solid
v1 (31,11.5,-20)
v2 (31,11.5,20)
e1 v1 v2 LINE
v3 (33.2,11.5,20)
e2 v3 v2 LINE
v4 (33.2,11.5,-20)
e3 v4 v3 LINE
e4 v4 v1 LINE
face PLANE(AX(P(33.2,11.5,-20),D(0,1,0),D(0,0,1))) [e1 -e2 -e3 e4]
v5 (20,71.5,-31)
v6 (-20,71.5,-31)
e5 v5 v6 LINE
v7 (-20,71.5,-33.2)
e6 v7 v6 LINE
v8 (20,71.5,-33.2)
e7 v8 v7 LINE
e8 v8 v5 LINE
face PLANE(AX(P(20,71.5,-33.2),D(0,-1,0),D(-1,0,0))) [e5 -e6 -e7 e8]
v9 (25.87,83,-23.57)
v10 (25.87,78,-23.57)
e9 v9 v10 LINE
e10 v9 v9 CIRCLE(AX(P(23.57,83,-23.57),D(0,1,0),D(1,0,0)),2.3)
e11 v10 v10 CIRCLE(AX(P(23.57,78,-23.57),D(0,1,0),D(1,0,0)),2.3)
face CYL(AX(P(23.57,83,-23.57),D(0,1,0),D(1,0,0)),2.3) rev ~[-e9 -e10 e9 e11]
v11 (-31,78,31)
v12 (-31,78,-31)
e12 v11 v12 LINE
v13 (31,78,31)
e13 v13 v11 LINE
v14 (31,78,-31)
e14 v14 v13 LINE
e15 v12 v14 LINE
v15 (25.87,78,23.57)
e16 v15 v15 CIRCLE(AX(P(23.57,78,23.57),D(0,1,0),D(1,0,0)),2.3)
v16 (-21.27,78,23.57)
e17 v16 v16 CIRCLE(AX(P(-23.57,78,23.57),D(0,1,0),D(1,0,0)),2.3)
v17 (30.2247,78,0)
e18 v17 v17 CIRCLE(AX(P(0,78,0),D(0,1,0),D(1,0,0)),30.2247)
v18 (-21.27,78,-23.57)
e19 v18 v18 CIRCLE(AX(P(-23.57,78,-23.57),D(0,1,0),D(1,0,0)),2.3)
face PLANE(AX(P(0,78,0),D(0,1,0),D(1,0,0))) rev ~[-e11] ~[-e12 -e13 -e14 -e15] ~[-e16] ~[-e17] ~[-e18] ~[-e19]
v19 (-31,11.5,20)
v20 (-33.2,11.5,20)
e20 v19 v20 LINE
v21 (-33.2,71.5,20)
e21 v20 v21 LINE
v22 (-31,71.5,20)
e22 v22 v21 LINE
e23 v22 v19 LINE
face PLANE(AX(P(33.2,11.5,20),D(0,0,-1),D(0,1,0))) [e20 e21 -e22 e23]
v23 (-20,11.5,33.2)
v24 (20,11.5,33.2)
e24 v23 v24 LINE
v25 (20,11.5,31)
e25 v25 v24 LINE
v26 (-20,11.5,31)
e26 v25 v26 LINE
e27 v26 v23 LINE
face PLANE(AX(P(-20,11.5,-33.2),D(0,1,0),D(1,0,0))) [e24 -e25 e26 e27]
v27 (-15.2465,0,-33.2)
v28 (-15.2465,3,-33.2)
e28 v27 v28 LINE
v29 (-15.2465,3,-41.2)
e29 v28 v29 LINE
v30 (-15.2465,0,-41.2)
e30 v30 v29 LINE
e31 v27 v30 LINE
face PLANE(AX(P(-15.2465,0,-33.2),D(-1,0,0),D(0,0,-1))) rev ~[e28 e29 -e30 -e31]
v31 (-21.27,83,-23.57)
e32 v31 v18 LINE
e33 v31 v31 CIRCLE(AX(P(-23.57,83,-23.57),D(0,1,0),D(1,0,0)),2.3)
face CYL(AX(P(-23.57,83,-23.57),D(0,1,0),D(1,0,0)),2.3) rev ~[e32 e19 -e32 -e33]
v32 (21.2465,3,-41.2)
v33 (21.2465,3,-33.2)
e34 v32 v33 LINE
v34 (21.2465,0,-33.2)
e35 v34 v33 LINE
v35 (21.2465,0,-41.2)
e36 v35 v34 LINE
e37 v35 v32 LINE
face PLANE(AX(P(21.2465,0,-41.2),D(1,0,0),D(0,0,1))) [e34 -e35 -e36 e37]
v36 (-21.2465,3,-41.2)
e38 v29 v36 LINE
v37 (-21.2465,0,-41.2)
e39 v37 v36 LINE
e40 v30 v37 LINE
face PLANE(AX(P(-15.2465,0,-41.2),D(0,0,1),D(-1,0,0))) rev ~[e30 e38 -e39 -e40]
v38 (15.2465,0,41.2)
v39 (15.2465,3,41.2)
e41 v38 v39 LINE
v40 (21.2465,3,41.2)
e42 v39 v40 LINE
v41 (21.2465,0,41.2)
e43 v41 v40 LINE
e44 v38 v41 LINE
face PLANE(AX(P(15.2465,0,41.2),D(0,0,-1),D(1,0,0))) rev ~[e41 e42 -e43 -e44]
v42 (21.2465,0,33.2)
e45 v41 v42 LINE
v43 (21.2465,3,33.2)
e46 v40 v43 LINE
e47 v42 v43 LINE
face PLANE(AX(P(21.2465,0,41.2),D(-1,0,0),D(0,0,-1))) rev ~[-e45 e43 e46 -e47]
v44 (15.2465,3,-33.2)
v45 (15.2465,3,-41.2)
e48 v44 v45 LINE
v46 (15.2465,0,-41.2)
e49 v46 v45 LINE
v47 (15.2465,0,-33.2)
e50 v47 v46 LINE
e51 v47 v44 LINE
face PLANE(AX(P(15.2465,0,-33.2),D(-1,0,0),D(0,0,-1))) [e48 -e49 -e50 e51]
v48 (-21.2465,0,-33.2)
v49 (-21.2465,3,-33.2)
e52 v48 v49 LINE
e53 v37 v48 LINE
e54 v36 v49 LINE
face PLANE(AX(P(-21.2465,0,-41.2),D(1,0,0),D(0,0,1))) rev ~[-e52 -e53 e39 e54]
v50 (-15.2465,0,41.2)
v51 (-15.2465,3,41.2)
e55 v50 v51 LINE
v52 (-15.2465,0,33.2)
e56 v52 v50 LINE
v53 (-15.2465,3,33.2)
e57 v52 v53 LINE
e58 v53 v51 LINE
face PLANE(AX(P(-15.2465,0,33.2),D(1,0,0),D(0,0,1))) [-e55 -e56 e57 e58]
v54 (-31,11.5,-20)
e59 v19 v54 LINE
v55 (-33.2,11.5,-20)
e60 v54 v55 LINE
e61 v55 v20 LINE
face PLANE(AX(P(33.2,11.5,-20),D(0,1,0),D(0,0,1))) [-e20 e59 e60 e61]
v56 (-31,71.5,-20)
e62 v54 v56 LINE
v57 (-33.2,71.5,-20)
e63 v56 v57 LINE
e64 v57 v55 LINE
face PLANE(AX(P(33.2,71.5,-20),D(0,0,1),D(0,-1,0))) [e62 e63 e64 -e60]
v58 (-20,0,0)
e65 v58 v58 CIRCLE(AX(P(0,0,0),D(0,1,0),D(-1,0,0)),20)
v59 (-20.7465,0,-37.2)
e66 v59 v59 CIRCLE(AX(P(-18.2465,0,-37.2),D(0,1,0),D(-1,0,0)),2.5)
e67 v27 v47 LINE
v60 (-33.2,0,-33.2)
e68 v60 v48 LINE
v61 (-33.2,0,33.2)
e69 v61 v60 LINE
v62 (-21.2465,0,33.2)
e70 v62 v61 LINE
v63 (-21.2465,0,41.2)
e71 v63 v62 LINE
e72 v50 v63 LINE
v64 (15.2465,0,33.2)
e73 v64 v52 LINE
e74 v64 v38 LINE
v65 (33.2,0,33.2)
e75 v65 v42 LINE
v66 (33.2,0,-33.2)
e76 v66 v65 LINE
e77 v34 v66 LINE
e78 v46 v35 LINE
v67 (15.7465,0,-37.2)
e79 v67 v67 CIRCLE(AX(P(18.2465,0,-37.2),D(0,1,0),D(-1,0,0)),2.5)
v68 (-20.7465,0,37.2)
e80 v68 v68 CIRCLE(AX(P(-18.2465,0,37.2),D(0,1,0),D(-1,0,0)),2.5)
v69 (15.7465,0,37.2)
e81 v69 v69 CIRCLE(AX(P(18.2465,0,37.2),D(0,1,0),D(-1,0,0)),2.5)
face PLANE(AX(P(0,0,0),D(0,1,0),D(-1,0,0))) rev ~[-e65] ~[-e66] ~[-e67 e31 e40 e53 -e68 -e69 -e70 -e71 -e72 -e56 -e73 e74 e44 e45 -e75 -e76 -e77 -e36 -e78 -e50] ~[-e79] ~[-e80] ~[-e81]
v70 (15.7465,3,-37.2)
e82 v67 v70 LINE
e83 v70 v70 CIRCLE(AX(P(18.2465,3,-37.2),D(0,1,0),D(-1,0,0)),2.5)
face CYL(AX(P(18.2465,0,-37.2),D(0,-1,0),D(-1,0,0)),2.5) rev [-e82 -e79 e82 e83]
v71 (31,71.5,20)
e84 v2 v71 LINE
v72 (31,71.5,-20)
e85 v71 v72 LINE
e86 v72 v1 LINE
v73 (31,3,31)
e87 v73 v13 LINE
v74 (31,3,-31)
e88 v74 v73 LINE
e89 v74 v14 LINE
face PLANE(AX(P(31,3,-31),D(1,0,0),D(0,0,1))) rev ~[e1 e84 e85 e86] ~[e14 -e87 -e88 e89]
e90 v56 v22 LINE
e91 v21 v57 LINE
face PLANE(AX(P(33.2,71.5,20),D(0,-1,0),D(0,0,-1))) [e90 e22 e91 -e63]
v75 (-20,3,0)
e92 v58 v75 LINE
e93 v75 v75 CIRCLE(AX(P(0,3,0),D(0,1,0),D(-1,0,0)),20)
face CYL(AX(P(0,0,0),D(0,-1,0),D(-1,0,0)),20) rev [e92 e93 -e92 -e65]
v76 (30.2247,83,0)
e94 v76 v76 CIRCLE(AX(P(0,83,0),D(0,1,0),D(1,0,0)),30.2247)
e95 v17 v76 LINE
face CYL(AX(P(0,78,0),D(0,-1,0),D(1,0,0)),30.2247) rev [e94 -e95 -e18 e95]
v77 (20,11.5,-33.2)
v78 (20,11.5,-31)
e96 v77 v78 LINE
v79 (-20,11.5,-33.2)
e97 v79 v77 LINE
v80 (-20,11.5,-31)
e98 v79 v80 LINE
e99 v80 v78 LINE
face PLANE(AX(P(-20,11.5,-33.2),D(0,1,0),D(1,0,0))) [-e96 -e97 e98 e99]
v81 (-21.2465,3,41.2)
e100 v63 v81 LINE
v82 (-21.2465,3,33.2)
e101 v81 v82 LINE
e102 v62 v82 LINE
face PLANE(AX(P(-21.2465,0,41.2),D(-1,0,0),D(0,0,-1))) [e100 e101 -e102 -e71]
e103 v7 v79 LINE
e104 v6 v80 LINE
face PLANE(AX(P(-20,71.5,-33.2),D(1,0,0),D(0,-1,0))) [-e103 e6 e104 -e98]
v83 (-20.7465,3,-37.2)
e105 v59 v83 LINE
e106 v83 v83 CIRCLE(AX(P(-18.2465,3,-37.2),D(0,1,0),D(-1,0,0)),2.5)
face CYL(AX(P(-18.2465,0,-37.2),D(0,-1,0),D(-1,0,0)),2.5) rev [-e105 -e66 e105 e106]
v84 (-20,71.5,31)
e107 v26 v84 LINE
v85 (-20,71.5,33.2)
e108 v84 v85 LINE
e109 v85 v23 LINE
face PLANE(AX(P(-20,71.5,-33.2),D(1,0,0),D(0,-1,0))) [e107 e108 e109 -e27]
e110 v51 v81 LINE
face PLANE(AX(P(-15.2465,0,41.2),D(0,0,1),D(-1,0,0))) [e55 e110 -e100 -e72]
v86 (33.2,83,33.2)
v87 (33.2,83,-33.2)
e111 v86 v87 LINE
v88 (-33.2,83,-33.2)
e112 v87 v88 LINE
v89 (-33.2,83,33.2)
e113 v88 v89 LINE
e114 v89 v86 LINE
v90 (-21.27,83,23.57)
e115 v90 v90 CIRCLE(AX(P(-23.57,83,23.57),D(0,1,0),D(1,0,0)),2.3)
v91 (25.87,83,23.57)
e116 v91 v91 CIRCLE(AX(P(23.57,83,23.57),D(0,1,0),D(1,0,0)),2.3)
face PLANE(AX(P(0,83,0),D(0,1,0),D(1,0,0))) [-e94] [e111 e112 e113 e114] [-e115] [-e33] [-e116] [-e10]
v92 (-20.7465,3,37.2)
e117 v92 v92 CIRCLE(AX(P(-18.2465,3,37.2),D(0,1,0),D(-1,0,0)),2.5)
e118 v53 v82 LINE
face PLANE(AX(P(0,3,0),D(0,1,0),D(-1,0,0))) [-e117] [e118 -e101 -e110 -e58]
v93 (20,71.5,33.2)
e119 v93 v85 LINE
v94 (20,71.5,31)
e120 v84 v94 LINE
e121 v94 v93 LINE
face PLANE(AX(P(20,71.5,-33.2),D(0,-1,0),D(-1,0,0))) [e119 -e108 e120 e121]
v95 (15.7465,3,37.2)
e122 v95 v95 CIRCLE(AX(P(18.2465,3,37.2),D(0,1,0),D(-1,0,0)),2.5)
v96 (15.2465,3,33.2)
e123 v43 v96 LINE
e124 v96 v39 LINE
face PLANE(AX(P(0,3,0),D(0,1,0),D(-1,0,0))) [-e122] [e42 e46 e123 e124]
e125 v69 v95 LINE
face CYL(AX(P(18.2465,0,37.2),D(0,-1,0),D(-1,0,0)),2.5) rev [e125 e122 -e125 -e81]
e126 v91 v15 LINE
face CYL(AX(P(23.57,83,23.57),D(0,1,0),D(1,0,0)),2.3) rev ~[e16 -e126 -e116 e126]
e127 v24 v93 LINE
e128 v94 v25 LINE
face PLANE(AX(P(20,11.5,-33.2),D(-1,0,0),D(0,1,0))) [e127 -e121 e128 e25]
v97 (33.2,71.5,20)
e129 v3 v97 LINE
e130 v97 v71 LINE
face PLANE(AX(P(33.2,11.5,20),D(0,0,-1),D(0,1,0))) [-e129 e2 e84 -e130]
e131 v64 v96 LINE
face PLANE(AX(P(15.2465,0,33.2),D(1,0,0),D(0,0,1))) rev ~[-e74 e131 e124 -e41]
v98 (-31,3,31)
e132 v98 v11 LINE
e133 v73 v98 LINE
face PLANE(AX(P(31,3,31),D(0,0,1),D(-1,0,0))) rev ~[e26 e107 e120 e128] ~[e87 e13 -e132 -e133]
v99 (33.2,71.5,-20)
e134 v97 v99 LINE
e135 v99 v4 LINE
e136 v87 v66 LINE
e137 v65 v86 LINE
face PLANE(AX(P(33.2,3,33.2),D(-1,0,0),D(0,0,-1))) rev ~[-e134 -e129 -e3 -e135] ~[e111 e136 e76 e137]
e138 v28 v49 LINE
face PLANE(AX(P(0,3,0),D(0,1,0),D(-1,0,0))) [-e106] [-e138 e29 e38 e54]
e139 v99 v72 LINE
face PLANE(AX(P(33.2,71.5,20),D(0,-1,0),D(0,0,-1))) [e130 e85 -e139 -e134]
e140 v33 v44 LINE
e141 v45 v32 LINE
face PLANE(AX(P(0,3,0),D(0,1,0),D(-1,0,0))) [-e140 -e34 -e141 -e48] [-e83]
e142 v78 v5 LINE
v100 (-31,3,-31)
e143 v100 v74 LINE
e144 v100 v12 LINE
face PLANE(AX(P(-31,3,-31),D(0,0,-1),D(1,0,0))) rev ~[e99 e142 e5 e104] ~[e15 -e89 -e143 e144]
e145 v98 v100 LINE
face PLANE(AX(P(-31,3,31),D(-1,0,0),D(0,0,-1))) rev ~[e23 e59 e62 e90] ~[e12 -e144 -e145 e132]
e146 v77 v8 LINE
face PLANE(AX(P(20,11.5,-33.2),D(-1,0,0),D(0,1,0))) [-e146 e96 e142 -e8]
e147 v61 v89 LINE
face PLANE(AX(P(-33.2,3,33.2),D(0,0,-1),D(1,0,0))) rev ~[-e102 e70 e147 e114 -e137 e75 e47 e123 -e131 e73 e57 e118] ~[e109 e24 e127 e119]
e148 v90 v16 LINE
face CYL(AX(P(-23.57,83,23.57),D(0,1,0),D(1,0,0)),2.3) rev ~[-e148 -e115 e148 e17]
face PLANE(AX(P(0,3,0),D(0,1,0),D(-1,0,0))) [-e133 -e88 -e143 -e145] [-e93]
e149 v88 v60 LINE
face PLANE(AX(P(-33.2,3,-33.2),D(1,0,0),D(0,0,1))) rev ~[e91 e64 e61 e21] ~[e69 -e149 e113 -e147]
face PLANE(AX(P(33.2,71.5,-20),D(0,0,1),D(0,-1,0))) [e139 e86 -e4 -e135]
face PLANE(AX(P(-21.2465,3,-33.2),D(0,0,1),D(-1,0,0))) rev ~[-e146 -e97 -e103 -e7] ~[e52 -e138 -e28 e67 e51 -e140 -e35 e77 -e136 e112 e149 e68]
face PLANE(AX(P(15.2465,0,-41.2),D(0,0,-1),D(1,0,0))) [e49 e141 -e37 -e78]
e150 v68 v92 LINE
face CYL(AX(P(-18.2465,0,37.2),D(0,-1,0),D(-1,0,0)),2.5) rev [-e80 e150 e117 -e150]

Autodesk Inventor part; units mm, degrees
ref_plane "YZ Plane" through (0, 0, 0) normal (1, 0, 0) x (0, 1, 0)
ref_plane "XZ Plane" through (0, 0, 0) normal (0, 1, 0) x (-1, 0, 0)
ref_plane "XY Plane" through (0, 0, 0) normal (0, 0, 1) x (1, 0, 0)
sketch "Sketch1" plane through (0, 0, 0) normal (0, 1, 0) x (-1, 0, 0)
  line L0 (28.2, -28.2) -> (-28.2, -28.2)
  line L1 (-28.2, -28.2) -> (-28.2, 28.2)
  line L2 (-28.2, 28.2) -> (28.2, 28.2)
  line L3 (28.2, 28.2) -> (28.2, -28.2)
  line L4 (28.2, -28.2) -> (-28.2, 28.2) construction
  line L5 (-28.2, -28.2) -> (28.2, 28.2) construction
  line L6 (33.2, -33.2) -> (-33.2, -33.2)
  line L7 (-33.2, -33.2) -> (-33.2, 33.2)
  line L8 (-33.2, 33.2) -> (33.2, 33.2)
  line L9 (33.2, 33.2) -> (33.2, -33.2)
  line L10 (33.2, -33.2) -> (-33.2, 33.2) construction
  line L11 (-33.2, -33.2) -> (33.2, 33.2) construction
  circle A0 centre (0, 0) radius 20
  line L12 (-21.2465, -33.2) -> (-15.2465, -33.2)
  line L13 (-15.2465, -33.2) -> (-15.2465, -41.2)
  line L14 (-15.2465, -41.2) -> (-21.2465, -41.2)
  line L15 (-21.2465, -41.2) -> (-21.2465, -33.2)
  circle A1 centre (-18.2465, -37.2) radius 2.5
  line L16 (-33.2, 0) -> (33.2, 0) construction
  line L17 (0, -33.2) -> (0, 33.2) construction
  line L18 (-21.2465, 33.2) -> (-15.2465, 33.2)
  line L19 (-15.2465, 33.2) -> (-15.2465, 41.2)
  line L20 (-15.2465, 41.2) -> (-21.2465, 41.2)
  line L21 (-21.2465, 41.2) -> (-21.2465, 33.2)
  circle A2 centre (-18.2465, 37.2) radius 2.5
  line L22 (21.2465, -33.2) -> (15.2465, -33.2)
  line L23 (15.2465, -33.2) -> (15.2465, -41.2)
  line L24 (15.2465, -41.2) -> (21.2465, -41.2)
  line L25 (21.2465, -41.2) -> (21.2465, -33.2)
  circle A3 centre (18.2465, -37.2) radius 2.5
  circle A4 centre (18.2465, 37.2) radius 2.5
  line L26 (15.2465, 33.2) -> (15.2465, 41.2)
  line L27 (15.2465, 41.2) -> (21.2465, 41.2)
  line L28 (21.2465, 41.2) -> (21.2465, 33.2)
  line L29 (21.2465, 33.2) -> (15.2465, 33.2)
  dimension "d0" = 56.4
  dimension "d1" = 5
  dimension "d2" = 5
  dimension "d3" = 40
  dimension "d20" = 6
  dimension "d21" = 5
  dimension "d22" = 3
  dimension "d23" = 4
  dimension "d24" = 8
extrude "Extrusion1" add sketch "Sketch1" along normal blind 3 contours L0 L1 L2 L3 | L6 L7 L8 L9 | L25 L24 L23 L6 | L8 L26 L27 L28 | L13 L14 L15 L6 | L8 L21 L20 L19
sketch "Sketch2" plane through (0, 3, 0) normal (0, 1, 0) x (1, 0, 0)
  line L0 (-33.2, -33.2) -> (-21.2465, -33.2) projected
  line L1 (33.2, -33.2) -> (33.2, 33.2) projected
  line L2 (33.2, 33.2) -> (21.2465, 33.2) projected
  line L3 (-33.2, 33.2) -> (-33.2, -33.2) projected
  circle A0 centre (0, 0) radius 20 projected
  line L4 (-31, 31) -> (31, 31)
  line L5 (31, 31) -> (31, -31)
  line L6 (31, -31) -> (-31, -31)
  line L7 (-31, -31) -> (-31, 31)
  line L8 (-31, 31) -> (31, -31) construction
  line L9 (31, 31) -> (-31, -31) construction
  line L10 (-21.2465, -33.2) -> (-21.2465, -41.2) projected
  line L11 (-21.2465, -41.2) -> (-15.2465, -41.2) projected
  line L12 (-15.2465, -41.2) -> (-15.2465, -33.2) projected
  line L13 (-15.2465, -33.2) -> (15.2465, -33.2) projected
  line L14 (15.2465, -33.2) -> (15.2465, -41.2) projected
  line L15 (15.2465, -41.2) -> (21.2465, -41.2) projected
  line L16 (21.2465, -41.2) -> (21.2465, -33.2) projected
  line L17 (21.2465, -33.2) -> (33.2, -33.2) projected
  line L18 (21.2465, 33.2) -> (21.2465, 41.2) projected
  line L19 (21.2465, 41.2) -> (15.2465, 41.2) projected
  line L20 (15.2465, 41.2) -> (15.2465, 33.2) projected
  line L21 (15.2465, 33.2) -> (-15.2465, 33.2) projected
  line L22 (-15.2465, 33.2) -> (-15.2465, 41.2) projected
  line L23 (-15.2465, 41.2) -> (-21.2465, 41.2) projected
  line L24 (-21.2465, 41.2) -> (-21.2465, 33.2) projected
  line L25 (-21.2465, 33.2) -> (-33.2, 33.2) projected
  line L26 (33.2, 33.2) -> (21.2465, 33.2) projected
  line L27 (15.2465, 41.2) -> (15.2465, 33.2) projected
  line L28 (33.2, -33.2) -> (33.2, 33.2) projected
  line L29 (33.2, 33.2) -> (-33.2, 33.2)
  line L30 (21.2465, -33.2) -> (33.2, -33.2) projected
  line L31 (33.2, -33.2) -> (-33.2, -33.2)
  dimension "d6" = 62
  dimension "d7" = 62
extrude "Extrusion2" add sketch "Sketch2" along normal blind 75 contours L3 L25 L29 L21 L2 L1 L17 L31 L13 L0
sketch "Sketch3" plane through (0, 78, 0) normal (0, 1, 0) x (1, 0, 0)
  line L0 (33.2, -33.2) -> (33.2, 33.2) projected
  line L1 (33.2, 33.2) -> (-33.2, 33.2) projected
  line L2 (-33.2, 33.2) -> (-33.2, -33.2) projected
  line L3 (-33.2, -33.2) -> (33.2, -33.2) projected
  line L4 (-31, 31) -> (31, 31) projected
  line L5 (31, 31) -> (31, -31) projected
  line L6 (31, -31) -> (-31, -31) projected
  line L7 (-31, -31) -> (-31, 31) projected
  circle A0 centre (0, 0) radius 28.2247 construction
  circle A1 centre (0, 0) radius 30.2247
  point P0 (-30, 3.4699)
  point P1 (-3.4699, 30)
  point P2 (3.4699, 30)
  point P3 (30, 3.4699)
  point P4 (30, -3.4699)
  point P5 (3.4699, -30)
  point P6 (-3.4699, -30)
  point P7 (-30, -3.4699)
  dimension "d11" = 2
extrude "Extrusion3" add sketch "Sketch3" along normal blind 5 contours L3 L2 L1 L0 | L4 L5 L6 L7
sketch "Sketch4" plane through (0, 83, 0) normal (0, 1, 0) x (1, 0, 0)
  line L0 (33.2, 33.2) -> (-33.2, 33.2) projected
  line L1 (-33.2, 33.2) -> (-33.2, -33.2) projected
  line L2 (-33.2, -33.2) -> (33.2, -33.2) projected
  line L3 (33.2, -33.2) -> (33.2, 33.2) projected
  line L4 (33.2, -33.2) -> (33.2, 33.2) construction
  line L5 (33.2, 0) -> (-33.2, 0) construction
  line L6 (0, 33.2) -> (0, -33.2) construction
  circle A0 centre (23.57, 23.57) radius 2.3
  circle A1 centre (23.57, -23.57) radius 2.3
  circle A2 centre (-23.57, 23.57) radius 2.3
  circle A3 centre (-23.57, -23.57) radius 2.3
  point P0 (0, 0)
  dimension "d14" = 47.14
  dimension "d15" = 4.6
  dimension "d18" = 47.14
extrude "Extrusion4" cut sketch "Sketch4" against normal blind 10 contours A0 | A1 | A2 | A3
sketch "Sketch5" plane through (33.2, 0, 33.2) normal (1, 0, 0) x (0, 0, -1)
  line L0 (-8, 0) -> (0, 0) projected
  line L1 (-8, 0) -> (0, 0) projected
  line L2 (0, 0) -> (0, 3) projected
  line L3 (-8, 3) -> (0, 3) projected
  line L4 (-8, 0) -> (-8, 3) projected
  line L5 (0, 0) -> (66.4, 0) projected
  line L6 (66.4, 0) -> (66.4, 83) projected
  line L7 (0, 83) -> (66.4, 83) projected
  line L8 (0, 0) -> (0, 83) projected
  line L9 (66.4, 3) -> (74.4, 3) projected
  line L10 (66.4, 0) -> (74.4, 0) projected
  line L11 (66.4, 0) -> (74.4, 0) projected
  line L12 (74.4, 0) -> (74.4, 3) projected
  line L13 (66.4, 3) -> (74.4, 3) projected
  line L14 (66.4, 0) -> (66.4, 3) projected
  line L15 (74.4, 3) -> (66.4, 3) construction
  line L16 (0, 3) -> (66.4, 3) construction
  line L17 (33.2, 0) -> (33.2, 83) construction
  line L18 (0, 0) -> (0, 83) construction
  line L19 (0, 41.5) -> (66.4, 41.5) construction
  line L20 (66.4, 0) -> (66.4, 83) construction
  line L21 (13.2, 71.5) -> (53.2, 71.5)
  line L22 (53.2, 71.5) -> (53.2, 11.5)
  line L23 (53.2, 11.5) -> (13.2, 11.5)
  line L24 (13.2, 11.5) -> (13.2, 71.5)
  line L25 (13.2, 71.5) -> (53.2, 11.5) construction
  line L26 (53.2, 71.5) -> (13.2, 11.5) construction
  point P0 (33.2, 41.5)
  dimension "d27" = 40
  dimension "d28" = 60
extrude "Extrusion5" cut sketch "Sketch5" against normal through all contours L21 L22 L23 L24
sketch "Sketch6" plane through (15.2465, 0, -33.2) normal (0, 0, -1) x (-1, 0, 0)
  line L0 (-17.9535, 0) -> (-6, 0) projected
  line L1 (-6, 0) -> (-6, 3) projected
  line L2 (0, 3) -> (-6, 3) projected
  line L3 (0, 0) -> (0, 3) projected
  line L4 (0, 0) -> (30.493, 0) projected
  line L5 (30.493, 0) -> (30.493, 3) projected
  line L6 (36.493, 3) -> (30.493, 3) projected
  line L7 (36.493, 0) -> (36.493, 3) projected
  line L8 (36.493, 0) -> (48.4465, 0) projected
  line L9 (48.4465, 0) -> (48.4465, 83) projected
  line L10 (-17.9535, 83) -> (48.4465, 83) projected
  line L11 (-17.9535, 0) -> (-17.9535, 83) projected
  line L12 (-17.9535, 11.5) -> (-17.9535, 71.5) construction
  line L13 (-17.9535, 41.5) -> (48.4465, 41.5) construction
  line L14 (48.4465, 0) -> (48.4465, 83) construction
  line L15 (48.4465, 83) -> (-17.9535, 83) construction
  line L16 (15.2465, 83) -> (15.2465, 0) construction
  line L17 (-4.7535, 71.5) -> (35.2465, 71.5)
  line L18 (35.2465, 71.5) -> (35.2465, 11.5)
  line L19 (35.2465, 11.5) -> (-4.7535, 11.5)
  line L20 (-4.7535, 11.5) -> (-4.7535, 71.5)
  line L21 (-4.7535, 71.5) -> (35.2465, 11.5) construction
  line L22 (35.2465, 71.5) -> (-4.7535, 11.5) construction
  point P0 (15.2465, 41.5)
  dimension "d29" = 40
  dimension "d30" = 60
extrude "Extrusion6" cut sketch "Sketch6" against normal up to surface (66.4 mm away) contours L17 L18 L19 L20
properties part number "Motor case"
